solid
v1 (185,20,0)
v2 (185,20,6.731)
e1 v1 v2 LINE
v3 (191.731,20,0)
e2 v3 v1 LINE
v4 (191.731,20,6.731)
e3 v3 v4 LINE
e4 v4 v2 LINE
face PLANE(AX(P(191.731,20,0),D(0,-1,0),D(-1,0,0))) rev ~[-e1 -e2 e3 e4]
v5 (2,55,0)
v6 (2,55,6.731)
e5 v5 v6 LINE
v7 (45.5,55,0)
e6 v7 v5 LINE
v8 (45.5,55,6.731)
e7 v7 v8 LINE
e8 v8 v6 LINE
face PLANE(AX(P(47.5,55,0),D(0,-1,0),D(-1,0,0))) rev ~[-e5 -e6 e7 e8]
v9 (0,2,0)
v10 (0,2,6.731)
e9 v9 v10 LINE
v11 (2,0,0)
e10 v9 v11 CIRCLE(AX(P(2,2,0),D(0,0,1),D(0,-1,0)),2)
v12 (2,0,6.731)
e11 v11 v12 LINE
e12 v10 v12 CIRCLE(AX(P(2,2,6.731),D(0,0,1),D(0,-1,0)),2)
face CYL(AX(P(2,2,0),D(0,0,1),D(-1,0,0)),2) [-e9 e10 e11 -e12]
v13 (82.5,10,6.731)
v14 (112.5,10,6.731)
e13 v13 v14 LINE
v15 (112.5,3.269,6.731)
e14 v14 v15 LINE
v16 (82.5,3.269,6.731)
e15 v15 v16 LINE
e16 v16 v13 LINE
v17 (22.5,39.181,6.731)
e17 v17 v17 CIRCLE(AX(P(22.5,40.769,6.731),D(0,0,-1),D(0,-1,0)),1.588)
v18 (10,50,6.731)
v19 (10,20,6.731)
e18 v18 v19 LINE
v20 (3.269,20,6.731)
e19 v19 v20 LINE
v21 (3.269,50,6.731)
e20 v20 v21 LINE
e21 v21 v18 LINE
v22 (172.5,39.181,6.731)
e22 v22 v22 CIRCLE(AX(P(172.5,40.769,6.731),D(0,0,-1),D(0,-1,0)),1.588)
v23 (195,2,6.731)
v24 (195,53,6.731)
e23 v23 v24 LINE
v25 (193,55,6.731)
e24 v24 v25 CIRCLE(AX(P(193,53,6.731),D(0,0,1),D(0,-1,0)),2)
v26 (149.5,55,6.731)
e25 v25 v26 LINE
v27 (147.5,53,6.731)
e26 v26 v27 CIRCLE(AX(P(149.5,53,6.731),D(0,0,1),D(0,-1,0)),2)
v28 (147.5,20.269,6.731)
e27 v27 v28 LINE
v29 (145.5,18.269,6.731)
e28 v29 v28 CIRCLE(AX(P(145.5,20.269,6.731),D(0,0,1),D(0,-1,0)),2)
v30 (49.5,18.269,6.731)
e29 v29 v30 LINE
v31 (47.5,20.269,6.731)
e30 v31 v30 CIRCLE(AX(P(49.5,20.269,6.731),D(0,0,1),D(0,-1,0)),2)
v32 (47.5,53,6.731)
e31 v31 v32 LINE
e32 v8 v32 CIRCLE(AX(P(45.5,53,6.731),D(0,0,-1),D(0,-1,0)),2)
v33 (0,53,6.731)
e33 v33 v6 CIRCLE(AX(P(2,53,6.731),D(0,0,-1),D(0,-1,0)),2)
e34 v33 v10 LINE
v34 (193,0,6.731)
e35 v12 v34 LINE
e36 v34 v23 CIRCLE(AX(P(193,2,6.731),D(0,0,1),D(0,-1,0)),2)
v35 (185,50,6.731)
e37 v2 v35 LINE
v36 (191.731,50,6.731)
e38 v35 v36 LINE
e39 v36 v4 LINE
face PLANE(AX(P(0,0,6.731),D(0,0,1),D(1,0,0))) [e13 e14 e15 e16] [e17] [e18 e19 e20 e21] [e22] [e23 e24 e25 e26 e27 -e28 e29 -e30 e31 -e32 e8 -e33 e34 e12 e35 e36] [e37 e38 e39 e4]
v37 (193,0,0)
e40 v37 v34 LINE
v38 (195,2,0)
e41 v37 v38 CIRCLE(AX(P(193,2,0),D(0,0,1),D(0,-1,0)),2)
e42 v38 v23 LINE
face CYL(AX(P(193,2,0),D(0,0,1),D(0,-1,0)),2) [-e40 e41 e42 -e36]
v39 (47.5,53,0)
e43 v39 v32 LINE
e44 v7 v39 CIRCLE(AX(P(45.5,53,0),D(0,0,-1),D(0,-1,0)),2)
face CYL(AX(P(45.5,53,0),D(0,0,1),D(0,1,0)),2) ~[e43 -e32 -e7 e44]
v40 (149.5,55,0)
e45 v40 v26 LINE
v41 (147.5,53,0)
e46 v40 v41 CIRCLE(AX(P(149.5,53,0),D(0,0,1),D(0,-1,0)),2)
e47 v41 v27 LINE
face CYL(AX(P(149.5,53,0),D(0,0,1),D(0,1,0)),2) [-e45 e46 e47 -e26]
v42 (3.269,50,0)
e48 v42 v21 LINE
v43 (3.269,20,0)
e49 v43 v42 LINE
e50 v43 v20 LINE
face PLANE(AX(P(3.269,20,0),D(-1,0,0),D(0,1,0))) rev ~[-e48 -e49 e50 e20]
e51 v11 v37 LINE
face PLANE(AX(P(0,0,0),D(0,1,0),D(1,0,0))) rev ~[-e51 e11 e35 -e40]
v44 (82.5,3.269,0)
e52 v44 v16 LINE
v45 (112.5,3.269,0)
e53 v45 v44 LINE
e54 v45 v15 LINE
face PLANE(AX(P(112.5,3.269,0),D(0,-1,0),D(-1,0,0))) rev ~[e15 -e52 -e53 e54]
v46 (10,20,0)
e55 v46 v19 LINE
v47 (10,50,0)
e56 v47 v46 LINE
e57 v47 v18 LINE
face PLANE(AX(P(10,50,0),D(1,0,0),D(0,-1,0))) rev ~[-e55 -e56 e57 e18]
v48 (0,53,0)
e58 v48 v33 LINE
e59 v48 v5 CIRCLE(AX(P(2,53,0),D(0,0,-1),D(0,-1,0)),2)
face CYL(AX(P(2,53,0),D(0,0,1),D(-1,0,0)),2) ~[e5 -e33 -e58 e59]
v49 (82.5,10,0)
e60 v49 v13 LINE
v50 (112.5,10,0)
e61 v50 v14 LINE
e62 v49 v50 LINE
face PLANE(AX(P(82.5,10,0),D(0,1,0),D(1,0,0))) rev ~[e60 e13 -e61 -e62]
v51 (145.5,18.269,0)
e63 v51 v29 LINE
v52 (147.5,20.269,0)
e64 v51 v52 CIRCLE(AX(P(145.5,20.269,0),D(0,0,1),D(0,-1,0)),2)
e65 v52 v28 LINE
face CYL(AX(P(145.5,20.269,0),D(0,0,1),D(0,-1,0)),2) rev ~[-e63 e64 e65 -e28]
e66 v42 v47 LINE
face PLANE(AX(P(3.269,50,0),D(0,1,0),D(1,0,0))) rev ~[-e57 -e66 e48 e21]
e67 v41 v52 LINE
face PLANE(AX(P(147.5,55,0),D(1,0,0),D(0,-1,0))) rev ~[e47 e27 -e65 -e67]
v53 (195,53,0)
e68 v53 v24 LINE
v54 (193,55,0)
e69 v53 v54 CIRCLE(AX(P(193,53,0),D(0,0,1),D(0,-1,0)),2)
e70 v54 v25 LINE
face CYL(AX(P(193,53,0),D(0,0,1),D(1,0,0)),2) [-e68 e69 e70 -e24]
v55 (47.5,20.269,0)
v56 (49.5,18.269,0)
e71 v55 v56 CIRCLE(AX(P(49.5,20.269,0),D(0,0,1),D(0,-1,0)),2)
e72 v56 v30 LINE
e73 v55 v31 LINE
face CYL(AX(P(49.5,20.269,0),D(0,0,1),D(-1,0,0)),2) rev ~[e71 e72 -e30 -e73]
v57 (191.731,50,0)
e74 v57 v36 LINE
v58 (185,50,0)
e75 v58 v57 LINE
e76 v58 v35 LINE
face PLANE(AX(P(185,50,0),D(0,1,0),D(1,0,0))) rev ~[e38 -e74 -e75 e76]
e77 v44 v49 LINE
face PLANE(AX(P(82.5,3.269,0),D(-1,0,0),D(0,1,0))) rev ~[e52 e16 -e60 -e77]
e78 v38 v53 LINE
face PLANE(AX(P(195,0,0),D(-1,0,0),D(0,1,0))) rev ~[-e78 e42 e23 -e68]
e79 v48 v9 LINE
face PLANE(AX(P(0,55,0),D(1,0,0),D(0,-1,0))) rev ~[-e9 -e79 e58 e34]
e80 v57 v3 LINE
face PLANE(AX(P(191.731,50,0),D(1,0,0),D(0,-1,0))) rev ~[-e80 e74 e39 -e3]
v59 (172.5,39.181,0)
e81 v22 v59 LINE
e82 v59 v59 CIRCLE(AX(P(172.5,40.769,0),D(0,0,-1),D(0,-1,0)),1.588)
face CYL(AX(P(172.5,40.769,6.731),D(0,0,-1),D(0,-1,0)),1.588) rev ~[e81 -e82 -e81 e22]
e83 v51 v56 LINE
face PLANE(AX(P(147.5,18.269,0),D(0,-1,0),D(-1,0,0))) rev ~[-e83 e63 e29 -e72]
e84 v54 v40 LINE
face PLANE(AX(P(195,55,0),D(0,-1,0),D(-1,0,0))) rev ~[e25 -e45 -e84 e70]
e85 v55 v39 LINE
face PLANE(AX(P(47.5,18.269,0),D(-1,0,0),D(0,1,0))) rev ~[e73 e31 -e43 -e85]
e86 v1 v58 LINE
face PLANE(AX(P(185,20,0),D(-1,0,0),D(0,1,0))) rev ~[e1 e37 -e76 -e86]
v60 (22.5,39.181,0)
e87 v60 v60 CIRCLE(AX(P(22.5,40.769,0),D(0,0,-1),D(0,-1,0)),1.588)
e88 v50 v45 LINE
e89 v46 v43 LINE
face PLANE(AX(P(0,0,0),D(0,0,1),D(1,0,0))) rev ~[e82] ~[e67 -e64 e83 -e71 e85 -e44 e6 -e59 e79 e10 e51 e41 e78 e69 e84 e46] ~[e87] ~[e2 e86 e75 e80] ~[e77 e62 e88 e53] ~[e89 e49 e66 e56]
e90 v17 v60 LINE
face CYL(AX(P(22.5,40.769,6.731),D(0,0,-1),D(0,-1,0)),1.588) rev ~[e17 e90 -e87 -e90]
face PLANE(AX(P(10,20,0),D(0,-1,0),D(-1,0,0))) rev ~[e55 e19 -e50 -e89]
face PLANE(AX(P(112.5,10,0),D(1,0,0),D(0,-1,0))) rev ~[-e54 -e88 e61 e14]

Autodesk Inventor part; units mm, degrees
ref_plane "YZ Plane" through (0, 0, 0) normal (1, 0, 0) x (0, 1, 0)
ref_plane "XZ Plane" through (0, 0, 0) normal (0, 1, 0) x (-1, 0, 0)
ref_plane "XY Plane" through (0, 0, 0) normal (0, 0, 1) x (1, 0, 0)
sketch "Sketch1" plane through (0, 0, 0) normal (0, 0, 1) x (1, 0, 0)
  line L0 (0, 0) -> (195, 0)
  line L1 (195, 0) -> (195, 55)
  line L2 (195, 55) -> (0, 55)
  line L3 (0, 55) -> (0, 0)
  line L4 (3.269, 50) -> (10, 50)
  line L5 (10, 50) -> (10, 20)
  line L6 (10, 20) -> (3.269, 20)
  line L7 (3.269, 20) -> (3.269, 50)
  line L8 (185, 50) -> (191.731, 50)
  line L9 (191.731, 50) -> (191.731, 20)
  line L10 (191.731, 20) -> (185, 20)
  line L11 (185, 20) -> (185, 50)
  line L12 (82.5, 10) -> (112.5, 10)
  line L13 (112.5, 10) -> (112.5, 3.269)
  line L14 (112.5, 3.269) -> (82.5, 3.269)
  line L15 (82.5, 3.269) -> (82.5, 10)
  line L16 (47.5, 55) -> (147.5, 55)
  line L17 (147.5, 55) -> (147.5, 18.269)
  line L18 (147.5, 18.269) -> (47.5, 18.269)
  line L19 (47.5, 18.269) -> (47.5, 55)
  point P0 (3.269, 35)
  point P1 (191.731, 35)
  point P2 (97.5, 18.269)
  point P3 (97.5, 55)
  dimension "d0" = 55
  dimension "d1" = 195
  dimension "d2" = 175
  dimension "d3" = 6.731
  dimension "d4" = 72.5
  dimension "d5" = 72.5
  dimension "d6" = 30
  dimension "d7" = 3.269
  dimension "d8" = 3.269
  dimension "d25" = 10
  dimension "d26" = 10
  dimension "d28" = 36.731
  dimension "d29" = 100
extrude "Extrusion1" add sketch "Sketch1" along normal blind 6.731 contours L3 L2 L19 L18 L17 L1 L0
sketch "Sketch2" plane through (0, 0, 6.731) normal (0, 0, 1) x (1, 0, 0)
  line L0 (10, 50) -> (10, 20) projected
  line L1 (195, 55) -> (0, 55) projected
  line L2 (185, 20) -> (185, 50) projected
  point P0 (22.5, 40.769)
  point P1 (172.5, 40.769)
  dimension "d14" = 150
  dimension "d15" = 14.231
  dimension "d16" = 12.5
  dimension "d30" = 12.5
hole "Hole1" at (22.5, 40.769, 6.731) at (172.5, 40.769, 6.731) direction (0, 0, -1) diameter 3.176 end through all
fillet "Fillet1" radius 2 8 edges at (195, 55, 3.3655) (0, 55, 3.3655) (0, 0, 3.3655) (195, 0, 3.3655) (47.5, 18.269, 3.3655) (47.5, 55, 3.3655) (147.5, 55, 3.3655) (147.5, 18.269, 3.3655)
equation "\"d3\" = THICKB"
equation "\"d4\" = d5"
equation "\"d7\" = d8"
equation "\"d12\" = THICKB"
equation "\"d16\" = d30"
equation "\"THICKA\" = 3.175"
equation "\"THICKB\" = 6.731"
equation "\"THICKC\" = 12.7"
equation "\"THICKPLY\" = 5"
equation "\"MAGDIA\" = 9.5"
equation "\"BALLDIA\" = 12"
properties part number "Mount_Mega_Back"
